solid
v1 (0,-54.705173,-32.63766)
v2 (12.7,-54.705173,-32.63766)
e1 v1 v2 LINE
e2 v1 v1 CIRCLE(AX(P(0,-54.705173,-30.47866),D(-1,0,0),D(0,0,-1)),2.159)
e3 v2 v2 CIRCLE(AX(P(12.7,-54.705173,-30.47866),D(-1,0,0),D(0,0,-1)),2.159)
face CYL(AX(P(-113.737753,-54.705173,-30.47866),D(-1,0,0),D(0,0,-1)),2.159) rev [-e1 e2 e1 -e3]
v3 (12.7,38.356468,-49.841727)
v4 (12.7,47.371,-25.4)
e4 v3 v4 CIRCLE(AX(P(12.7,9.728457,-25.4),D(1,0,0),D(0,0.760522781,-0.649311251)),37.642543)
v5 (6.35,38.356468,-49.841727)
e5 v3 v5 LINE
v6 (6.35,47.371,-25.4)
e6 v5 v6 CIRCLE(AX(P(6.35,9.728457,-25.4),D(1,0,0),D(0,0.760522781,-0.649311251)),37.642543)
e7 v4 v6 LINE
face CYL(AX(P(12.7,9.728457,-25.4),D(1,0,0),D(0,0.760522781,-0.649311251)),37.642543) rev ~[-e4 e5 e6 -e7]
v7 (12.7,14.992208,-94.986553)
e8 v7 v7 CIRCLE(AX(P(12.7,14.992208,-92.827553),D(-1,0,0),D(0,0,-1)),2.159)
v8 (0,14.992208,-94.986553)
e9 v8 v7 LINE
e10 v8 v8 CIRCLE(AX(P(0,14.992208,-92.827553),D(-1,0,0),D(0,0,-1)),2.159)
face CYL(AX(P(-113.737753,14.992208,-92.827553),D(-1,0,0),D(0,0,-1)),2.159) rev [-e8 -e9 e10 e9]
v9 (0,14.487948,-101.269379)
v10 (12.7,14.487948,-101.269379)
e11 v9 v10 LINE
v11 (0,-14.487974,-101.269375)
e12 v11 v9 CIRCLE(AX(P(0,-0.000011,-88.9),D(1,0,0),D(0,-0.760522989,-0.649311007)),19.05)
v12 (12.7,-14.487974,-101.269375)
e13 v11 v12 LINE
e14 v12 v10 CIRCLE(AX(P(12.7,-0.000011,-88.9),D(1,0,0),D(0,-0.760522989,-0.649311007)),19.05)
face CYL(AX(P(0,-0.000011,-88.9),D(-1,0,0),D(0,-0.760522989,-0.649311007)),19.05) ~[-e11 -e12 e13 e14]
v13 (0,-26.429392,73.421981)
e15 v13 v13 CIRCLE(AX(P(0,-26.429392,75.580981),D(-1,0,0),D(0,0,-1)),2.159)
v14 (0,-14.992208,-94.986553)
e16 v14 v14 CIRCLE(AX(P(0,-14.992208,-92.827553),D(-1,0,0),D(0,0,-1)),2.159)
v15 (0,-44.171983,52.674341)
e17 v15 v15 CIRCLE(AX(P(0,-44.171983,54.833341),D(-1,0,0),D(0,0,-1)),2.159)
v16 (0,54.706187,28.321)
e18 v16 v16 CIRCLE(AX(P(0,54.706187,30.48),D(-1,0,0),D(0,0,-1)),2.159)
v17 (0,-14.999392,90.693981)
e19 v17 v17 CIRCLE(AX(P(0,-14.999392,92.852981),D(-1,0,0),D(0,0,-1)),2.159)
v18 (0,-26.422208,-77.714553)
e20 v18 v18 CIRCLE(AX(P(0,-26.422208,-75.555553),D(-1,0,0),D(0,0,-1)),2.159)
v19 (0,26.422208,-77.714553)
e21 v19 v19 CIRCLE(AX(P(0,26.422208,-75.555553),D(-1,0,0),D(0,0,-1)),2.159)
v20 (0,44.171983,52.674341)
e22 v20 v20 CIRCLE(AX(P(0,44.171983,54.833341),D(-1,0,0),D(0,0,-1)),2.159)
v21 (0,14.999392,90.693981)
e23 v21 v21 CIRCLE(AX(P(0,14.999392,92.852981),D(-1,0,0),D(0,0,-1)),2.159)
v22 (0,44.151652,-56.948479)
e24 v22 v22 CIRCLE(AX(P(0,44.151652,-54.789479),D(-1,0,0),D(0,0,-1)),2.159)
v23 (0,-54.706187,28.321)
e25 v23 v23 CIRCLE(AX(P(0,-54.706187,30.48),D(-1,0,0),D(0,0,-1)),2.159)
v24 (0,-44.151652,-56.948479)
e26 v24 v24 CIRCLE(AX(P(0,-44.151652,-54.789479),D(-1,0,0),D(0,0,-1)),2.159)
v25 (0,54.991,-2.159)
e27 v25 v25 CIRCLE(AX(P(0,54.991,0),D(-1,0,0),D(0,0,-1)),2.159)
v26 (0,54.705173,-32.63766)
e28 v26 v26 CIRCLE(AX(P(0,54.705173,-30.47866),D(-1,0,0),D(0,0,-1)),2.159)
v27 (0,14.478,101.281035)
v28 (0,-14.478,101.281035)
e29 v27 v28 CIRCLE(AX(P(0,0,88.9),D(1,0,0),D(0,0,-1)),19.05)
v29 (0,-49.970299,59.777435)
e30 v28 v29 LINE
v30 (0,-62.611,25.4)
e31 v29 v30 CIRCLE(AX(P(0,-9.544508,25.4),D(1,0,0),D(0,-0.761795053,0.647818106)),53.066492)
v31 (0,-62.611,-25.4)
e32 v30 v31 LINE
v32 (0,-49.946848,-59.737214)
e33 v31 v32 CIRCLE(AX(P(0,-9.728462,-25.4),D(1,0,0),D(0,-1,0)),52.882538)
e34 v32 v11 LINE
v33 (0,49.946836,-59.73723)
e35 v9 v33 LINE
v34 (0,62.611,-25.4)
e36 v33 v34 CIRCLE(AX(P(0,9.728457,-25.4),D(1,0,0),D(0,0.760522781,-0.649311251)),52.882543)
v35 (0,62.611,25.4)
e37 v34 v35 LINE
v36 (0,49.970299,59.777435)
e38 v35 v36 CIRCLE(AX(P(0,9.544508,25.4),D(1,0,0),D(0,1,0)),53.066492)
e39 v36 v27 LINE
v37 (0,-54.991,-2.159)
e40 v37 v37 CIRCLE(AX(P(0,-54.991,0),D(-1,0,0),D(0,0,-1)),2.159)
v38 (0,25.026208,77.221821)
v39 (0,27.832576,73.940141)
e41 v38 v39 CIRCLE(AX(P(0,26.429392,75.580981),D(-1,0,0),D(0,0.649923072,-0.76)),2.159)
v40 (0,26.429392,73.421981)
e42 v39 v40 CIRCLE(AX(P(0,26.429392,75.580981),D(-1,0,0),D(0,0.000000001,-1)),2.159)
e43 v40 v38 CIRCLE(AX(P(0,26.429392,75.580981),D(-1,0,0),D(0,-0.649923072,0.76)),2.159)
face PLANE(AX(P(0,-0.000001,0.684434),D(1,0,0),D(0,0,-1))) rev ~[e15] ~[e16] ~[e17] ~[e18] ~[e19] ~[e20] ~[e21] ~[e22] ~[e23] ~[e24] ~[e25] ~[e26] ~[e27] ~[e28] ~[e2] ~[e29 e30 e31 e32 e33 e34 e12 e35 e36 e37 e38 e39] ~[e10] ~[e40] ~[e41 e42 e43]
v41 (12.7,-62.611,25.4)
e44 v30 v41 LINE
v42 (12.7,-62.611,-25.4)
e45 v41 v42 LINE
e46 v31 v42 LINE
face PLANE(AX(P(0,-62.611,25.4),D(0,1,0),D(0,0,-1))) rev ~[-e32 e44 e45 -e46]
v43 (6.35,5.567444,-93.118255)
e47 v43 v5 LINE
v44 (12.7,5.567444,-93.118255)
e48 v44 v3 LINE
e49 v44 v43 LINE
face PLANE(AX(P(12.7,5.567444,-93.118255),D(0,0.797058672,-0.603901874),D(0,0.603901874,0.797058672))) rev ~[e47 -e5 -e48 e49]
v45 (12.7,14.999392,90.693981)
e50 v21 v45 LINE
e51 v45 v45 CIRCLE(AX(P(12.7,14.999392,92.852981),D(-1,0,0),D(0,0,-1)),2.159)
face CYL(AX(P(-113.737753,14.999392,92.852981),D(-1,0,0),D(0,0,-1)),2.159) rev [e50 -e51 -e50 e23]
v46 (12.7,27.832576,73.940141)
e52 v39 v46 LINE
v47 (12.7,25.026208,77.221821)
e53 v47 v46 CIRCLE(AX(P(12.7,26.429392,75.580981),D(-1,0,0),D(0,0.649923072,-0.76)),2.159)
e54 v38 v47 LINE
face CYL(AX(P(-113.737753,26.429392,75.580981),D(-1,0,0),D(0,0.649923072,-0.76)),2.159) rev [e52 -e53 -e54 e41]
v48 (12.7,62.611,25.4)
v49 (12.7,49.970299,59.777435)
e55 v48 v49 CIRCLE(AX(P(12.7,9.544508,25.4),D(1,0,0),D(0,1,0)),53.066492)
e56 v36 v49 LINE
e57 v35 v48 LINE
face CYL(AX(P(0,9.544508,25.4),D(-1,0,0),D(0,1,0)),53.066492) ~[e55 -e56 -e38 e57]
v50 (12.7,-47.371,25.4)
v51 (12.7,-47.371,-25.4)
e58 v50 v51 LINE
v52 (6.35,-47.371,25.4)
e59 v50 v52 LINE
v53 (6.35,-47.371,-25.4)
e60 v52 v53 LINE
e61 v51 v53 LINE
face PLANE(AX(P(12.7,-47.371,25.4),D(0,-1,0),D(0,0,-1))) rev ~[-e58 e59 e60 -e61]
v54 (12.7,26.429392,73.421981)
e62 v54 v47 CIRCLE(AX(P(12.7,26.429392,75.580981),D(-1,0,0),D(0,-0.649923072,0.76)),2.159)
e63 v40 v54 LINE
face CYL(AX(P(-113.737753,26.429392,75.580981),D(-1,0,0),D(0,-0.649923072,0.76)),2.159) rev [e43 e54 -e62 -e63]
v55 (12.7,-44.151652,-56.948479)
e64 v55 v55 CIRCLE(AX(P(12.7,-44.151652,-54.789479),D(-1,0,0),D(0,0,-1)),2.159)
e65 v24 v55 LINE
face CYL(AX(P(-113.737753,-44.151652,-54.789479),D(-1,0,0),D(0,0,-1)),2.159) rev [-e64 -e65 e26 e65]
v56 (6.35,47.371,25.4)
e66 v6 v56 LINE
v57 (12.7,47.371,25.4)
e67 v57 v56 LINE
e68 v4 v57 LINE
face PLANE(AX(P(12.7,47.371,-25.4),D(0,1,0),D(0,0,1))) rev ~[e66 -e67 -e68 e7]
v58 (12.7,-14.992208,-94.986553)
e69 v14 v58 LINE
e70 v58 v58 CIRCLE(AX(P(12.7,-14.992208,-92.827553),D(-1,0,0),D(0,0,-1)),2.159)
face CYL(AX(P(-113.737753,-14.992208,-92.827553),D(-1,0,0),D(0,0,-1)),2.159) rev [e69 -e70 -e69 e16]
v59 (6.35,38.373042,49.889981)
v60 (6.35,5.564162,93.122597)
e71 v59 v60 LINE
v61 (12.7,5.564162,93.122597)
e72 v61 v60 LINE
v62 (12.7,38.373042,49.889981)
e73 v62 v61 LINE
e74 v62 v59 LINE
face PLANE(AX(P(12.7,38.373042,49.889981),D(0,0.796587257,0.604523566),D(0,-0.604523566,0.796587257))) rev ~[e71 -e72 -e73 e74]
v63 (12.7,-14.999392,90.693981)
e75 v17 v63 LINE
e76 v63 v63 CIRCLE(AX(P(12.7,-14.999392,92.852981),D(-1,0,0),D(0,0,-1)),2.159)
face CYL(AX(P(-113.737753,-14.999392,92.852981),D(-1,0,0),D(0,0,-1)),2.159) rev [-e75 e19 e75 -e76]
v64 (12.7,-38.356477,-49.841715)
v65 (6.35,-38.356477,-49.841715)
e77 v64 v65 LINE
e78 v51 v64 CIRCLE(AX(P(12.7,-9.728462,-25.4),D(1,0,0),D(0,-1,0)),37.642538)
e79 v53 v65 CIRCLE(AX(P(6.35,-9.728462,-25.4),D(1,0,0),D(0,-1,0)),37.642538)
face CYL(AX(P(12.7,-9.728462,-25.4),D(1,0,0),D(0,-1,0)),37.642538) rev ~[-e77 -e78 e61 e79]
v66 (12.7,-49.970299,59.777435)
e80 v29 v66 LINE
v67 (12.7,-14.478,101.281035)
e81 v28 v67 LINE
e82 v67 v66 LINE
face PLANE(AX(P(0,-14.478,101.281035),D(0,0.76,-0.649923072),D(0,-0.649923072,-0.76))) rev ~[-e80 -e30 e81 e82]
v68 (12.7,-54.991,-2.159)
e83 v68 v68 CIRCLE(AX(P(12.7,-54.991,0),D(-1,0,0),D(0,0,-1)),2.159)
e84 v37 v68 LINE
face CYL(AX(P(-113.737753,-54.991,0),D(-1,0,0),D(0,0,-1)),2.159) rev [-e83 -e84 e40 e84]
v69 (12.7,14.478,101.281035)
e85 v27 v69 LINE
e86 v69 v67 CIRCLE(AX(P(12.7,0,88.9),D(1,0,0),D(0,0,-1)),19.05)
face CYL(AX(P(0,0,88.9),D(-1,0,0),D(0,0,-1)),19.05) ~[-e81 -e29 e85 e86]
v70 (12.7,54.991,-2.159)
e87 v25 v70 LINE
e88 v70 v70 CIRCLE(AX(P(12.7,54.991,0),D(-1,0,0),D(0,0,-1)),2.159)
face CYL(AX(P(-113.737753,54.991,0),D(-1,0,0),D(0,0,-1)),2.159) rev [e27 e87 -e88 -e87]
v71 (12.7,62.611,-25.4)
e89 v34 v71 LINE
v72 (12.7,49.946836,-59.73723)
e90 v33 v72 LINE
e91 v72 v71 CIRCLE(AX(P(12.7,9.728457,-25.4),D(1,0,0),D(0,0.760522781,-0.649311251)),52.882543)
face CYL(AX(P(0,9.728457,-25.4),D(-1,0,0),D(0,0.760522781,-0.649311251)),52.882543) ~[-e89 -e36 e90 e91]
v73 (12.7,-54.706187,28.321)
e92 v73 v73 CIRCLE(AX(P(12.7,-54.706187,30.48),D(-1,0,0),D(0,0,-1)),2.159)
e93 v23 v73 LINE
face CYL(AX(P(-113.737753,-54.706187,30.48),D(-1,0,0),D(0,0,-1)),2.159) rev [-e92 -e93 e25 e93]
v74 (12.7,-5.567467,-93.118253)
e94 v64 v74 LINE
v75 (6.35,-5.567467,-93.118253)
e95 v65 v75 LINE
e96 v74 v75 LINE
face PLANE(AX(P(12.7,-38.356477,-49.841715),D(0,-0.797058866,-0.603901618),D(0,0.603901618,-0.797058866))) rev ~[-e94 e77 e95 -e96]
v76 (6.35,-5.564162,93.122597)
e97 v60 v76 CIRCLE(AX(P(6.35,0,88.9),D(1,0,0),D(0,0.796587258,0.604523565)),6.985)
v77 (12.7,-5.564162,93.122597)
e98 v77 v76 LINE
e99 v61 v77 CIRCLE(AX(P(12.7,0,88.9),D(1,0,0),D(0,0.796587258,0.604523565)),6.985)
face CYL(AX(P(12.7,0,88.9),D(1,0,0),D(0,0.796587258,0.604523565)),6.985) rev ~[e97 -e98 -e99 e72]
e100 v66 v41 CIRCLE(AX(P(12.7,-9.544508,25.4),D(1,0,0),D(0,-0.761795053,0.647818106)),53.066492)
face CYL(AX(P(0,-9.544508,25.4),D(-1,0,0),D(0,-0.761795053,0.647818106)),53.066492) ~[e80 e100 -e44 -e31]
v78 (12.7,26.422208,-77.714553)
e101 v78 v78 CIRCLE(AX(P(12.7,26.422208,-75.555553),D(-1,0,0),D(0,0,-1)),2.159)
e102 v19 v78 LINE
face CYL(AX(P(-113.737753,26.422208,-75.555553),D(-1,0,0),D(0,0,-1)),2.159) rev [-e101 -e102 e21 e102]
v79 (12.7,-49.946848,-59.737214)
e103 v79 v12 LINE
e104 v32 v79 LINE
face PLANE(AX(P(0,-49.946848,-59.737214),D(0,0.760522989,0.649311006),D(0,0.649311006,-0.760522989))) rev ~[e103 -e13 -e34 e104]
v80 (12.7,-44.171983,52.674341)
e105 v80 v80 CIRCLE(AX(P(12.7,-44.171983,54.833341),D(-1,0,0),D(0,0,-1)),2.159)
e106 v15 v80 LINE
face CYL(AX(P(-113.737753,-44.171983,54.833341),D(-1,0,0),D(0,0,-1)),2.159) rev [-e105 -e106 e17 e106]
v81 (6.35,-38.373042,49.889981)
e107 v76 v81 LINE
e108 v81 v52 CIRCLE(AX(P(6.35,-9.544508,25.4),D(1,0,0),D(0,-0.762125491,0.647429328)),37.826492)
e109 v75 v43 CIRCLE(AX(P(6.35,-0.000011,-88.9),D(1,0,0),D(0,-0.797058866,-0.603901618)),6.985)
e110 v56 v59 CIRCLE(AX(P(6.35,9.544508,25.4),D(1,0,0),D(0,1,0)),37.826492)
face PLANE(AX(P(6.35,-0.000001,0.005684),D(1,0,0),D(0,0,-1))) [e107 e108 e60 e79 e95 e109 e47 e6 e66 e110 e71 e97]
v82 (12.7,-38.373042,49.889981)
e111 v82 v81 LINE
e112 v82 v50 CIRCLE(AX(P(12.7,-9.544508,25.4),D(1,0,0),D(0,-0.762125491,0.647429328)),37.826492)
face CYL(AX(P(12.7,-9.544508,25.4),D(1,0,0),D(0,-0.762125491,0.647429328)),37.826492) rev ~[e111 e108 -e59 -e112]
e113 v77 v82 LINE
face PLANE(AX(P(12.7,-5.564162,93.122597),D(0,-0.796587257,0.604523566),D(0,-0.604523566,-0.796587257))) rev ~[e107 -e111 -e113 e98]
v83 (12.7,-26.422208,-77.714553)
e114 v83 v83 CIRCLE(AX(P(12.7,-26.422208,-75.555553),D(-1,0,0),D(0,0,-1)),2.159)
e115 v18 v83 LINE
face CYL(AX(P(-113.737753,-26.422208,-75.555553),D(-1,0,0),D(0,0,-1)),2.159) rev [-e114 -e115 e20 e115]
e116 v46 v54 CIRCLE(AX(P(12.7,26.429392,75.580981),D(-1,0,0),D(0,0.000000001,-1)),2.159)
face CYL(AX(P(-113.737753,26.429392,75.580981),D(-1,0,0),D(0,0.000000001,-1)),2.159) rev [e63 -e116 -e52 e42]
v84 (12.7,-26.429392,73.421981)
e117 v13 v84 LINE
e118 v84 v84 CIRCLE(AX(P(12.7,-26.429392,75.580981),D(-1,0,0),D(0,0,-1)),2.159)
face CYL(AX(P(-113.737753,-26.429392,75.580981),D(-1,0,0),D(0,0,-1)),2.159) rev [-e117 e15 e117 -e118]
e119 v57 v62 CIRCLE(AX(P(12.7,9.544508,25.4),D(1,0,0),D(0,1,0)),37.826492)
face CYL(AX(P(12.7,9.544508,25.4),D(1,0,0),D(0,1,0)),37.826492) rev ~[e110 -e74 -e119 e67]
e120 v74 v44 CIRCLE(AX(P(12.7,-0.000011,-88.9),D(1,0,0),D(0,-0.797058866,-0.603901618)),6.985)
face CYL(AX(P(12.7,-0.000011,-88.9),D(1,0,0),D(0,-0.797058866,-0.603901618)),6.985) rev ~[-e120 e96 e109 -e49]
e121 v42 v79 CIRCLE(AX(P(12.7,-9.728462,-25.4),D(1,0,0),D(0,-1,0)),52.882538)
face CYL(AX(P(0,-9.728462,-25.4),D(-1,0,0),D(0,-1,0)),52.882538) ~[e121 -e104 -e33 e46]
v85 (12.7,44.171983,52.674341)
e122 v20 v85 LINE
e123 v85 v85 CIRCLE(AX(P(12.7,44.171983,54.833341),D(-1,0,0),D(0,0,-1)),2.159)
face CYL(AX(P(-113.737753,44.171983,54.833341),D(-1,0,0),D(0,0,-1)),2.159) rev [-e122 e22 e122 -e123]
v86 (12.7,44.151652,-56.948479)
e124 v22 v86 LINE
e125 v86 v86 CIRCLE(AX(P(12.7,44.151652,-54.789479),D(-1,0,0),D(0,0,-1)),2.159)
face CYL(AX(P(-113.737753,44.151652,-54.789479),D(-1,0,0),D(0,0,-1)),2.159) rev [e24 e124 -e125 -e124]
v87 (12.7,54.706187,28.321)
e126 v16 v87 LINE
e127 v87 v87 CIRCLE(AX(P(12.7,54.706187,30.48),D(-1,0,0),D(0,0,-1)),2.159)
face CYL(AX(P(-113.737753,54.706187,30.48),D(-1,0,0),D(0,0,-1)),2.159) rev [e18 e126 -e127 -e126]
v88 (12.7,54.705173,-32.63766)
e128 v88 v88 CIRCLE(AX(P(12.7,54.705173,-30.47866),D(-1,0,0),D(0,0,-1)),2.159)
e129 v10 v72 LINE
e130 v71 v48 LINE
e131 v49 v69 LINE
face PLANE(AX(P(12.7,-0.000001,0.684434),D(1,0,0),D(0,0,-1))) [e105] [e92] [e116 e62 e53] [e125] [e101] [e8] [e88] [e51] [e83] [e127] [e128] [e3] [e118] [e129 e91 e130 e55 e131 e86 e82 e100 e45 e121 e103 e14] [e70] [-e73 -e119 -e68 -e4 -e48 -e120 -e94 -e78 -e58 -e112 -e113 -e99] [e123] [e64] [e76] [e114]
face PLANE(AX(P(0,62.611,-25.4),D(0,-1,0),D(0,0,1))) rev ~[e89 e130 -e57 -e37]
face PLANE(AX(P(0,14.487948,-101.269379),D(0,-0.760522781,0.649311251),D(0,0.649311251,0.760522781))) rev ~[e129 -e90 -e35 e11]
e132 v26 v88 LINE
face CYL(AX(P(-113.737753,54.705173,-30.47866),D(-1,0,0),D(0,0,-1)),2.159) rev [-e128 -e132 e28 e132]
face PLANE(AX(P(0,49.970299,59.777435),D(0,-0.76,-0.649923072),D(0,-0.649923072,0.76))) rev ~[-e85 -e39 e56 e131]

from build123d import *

# Parameters (mm, degrees)
SKETCH1_R               = 19.05
BOSS_EXTRUDE1_DEPTH     = 12.7
CUT_EXTRUDE1_DEPTH      = 6.35
CUT_EXTRUDE3_DEPTH      = 126.437752774
CUT_EXTRUDE3_DEPTH_BACK = 126.437752774
SKETCH4_R               = 2.159


with BuildPart() as part:
    # Sketch1 → Boss-Extrude1 (new body)
    with BuildSketch(Plane(origin=(0, 0, 0), x_dir=(0, 0, -1), z_dir=(1, 0, 0))):
        with BuildLine():
            Line((25.4, 62.611), (-25.4, 62.611))
            ThreePointArc((-25.4, 62.611), (-43.71389723, 59.350669702), (-59.777434529, 49.970298982))
            Line((-59.777434529, 49.970298982), (-101.281034529, 14.478))
            ThreePointArc((-101.281034529, 14.478), (-80.929937509, 17.302618411), (-69.85, 0))
            ThreePointArc((-69.85, 0), (-80.929937509, -17.302618411), (-101.281034529, -14.478))
            Line((-101.281034529, -14.478), (-59.777434529, -49.970298982))
            ThreePointArc((-59.777434529, -49.970298982), (-43.71389723, -59.350669702), (-25.4, -62.611))
            Line((-25.4, -62.611), (25.4, -62.611))
            ThreePointArc((25.4, -62.611), (43.699078076, -59.34404997), (59.737214243, -49.946847768))
            Line((59.737214243, -49.946847768), (101.269374674, -14.487973703))
            ThreePointArc((101.269374674, -14.487973703), (69.85, -7.706e-06), (101.269379322, 14.48794821))
            Line((101.269379322, 14.48794821), (59.737230268, 49.9468356))
            ThreePointArc((59.737230268, 49.9468356), (43.699087699, 59.344046737), (25.4, 62.611))
        make_face()
        with Locations((88.9, -1.0762e-05)):
            Circle(SKETCH1_R)
        with Locations((-88.9, 0)):
            Circle(SKETCH1_R)
    extrude(amount=BOSS_EXTRUDE1_DEPTH)

    # Sketch2 → Cut-Extrude1 (cut)
    with BuildSketch(Plane(origin=(12.7, 0, 0), x_dir=(0, 0, -1), z_dir=(1, 0, 0))):
        with BuildLine():
            Line((-49.889980522, 38.373041727), (-93.122597105, 5.564161993))
            ThreePointArc((-93.122597105, 5.564161993), (-95.885, 0), (-93.122597105, -5.564161993))
            Line((-93.122597105, -5.564161993), (-49.889980522, -38.373041727))
            ThreePointArc((-49.889980522, -38.373041727), (-38.445328657, -45.050322999), (-25.4, -47.371))
            Line((-25.4, -47.371), (25.4, -47.371))
            ThreePointArc((25.4, -47.371), (38.425542458, -45.045538785), (49.841714504, -38.356477415))
            Line((49.841714504, -38.356477415), (93.118252802, -5.56746694))
            ThreePointArc((93.118252802, -5.56746694), (95.885, -1.1883e-05), (93.118254588, 5.567444063))
            Line((93.118254588, 5.567444063), (49.84172681, 38.356468422))
            ThreePointArc((49.84172681, 38.356468422), (38.425549787, 45.045536399), (25.4, 47.371))
            Line((25.4, 47.371), (-25.4, 47.371))
            ThreePointArc((-25.4, 47.371), (-38.445328657, 45.050322999), (-49.889980522, 38.373041727))
        make_face()
    extrude(amount=-CUT_EXTRUDE1_DEPTH, mode=Mode.SUBTRACT)

    # Sketch4 → Cut-Extrude3 (cut, two sides: drawn at the far end of the back side and taken through both)
    with BuildSketch(Plane(origin=(12.7, 0, 0), x_dir=(0, 0, -1), z_dir=(1, 0, 0)).offset(-CUT_EXTRUDE3_DEPTH_BACK)):
        with BuildLine():
            ThreePointArc((-73.940141084, 27.832575617), (-76.984164998, 28.070231704), (-77.221821084, 25.02620779))
            Line((-77.221821084, 25.02620779), (-73.940141084, 27.832575617))
        make_face()
        with BuildLine():
            Line((-73.940141084, 27.832575617), (-77.221821084, 25.02620779))
            ThreePointArc((-77.221821084, 25.02620779), (-74.833081546, 24.404070178), (-73.421981084, 26.429391704))
            ThreePointArc((-73.421981084, 26.429391704), (-73.555659559, 27.177291242), (-73.940141084, 27.832575617))
        make_face()
        with Locations((-54.833341451, 44.171983407)):
            Circle(SKETCH4_R)
        with Locations((-30.48, 54.706186836)):
            Circle(SKETCH4_R)
        with Locations((0, 54.991)):
            Circle(SKETCH4_R)
        with Locations((30.478659799, 54.70517335)):
            Circle(SKETCH4_R)
        with Locations((54.789478539, 44.151652011)):
            Circle(SKETCH4_R)
        with Locations((75.555553066, 26.422208316)):
            Circle(SKETCH4_R)
        with Locations((92.827553066, 14.992208316)):
            Circle(SKETCH4_R)
        with Locations((92.827553066, -14.992208316)):
            Circle(SKETCH4_R)
        with Locations((75.555553066, -26.422208316)):
            Circle(SKETCH4_R)
        with Locations((54.789478539, -44.151652011)):
            Circle(SKETCH4_R)
        with Locations((30.478659799, -54.70517335)):
            Circle(SKETCH4_R)
        with Locations((0, -54.991)):
            Circle(SKETCH4_R)
        with Locations((-30.48, -54.706186836)):
            Circle(SKETCH4_R)
        with Locations((-54.833341451, -44.171983407)):
            Circle(SKETCH4_R)
        with Locations((-75.580981084, -26.429391704)):
            Circle(SKETCH4_R)
        with Locations((-92.852981084, -14.999391704)):
            Circle(SKETCH4_R)
        with Locations((-92.852981084, 14.999391704)):
            Circle(SKETCH4_R)
    extrude(amount=CUT_EXTRUDE3_DEPTH + CUT_EXTRUDE3_DEPTH_BACK, mode=Mode.SUBTRACT)


solid = part.part
